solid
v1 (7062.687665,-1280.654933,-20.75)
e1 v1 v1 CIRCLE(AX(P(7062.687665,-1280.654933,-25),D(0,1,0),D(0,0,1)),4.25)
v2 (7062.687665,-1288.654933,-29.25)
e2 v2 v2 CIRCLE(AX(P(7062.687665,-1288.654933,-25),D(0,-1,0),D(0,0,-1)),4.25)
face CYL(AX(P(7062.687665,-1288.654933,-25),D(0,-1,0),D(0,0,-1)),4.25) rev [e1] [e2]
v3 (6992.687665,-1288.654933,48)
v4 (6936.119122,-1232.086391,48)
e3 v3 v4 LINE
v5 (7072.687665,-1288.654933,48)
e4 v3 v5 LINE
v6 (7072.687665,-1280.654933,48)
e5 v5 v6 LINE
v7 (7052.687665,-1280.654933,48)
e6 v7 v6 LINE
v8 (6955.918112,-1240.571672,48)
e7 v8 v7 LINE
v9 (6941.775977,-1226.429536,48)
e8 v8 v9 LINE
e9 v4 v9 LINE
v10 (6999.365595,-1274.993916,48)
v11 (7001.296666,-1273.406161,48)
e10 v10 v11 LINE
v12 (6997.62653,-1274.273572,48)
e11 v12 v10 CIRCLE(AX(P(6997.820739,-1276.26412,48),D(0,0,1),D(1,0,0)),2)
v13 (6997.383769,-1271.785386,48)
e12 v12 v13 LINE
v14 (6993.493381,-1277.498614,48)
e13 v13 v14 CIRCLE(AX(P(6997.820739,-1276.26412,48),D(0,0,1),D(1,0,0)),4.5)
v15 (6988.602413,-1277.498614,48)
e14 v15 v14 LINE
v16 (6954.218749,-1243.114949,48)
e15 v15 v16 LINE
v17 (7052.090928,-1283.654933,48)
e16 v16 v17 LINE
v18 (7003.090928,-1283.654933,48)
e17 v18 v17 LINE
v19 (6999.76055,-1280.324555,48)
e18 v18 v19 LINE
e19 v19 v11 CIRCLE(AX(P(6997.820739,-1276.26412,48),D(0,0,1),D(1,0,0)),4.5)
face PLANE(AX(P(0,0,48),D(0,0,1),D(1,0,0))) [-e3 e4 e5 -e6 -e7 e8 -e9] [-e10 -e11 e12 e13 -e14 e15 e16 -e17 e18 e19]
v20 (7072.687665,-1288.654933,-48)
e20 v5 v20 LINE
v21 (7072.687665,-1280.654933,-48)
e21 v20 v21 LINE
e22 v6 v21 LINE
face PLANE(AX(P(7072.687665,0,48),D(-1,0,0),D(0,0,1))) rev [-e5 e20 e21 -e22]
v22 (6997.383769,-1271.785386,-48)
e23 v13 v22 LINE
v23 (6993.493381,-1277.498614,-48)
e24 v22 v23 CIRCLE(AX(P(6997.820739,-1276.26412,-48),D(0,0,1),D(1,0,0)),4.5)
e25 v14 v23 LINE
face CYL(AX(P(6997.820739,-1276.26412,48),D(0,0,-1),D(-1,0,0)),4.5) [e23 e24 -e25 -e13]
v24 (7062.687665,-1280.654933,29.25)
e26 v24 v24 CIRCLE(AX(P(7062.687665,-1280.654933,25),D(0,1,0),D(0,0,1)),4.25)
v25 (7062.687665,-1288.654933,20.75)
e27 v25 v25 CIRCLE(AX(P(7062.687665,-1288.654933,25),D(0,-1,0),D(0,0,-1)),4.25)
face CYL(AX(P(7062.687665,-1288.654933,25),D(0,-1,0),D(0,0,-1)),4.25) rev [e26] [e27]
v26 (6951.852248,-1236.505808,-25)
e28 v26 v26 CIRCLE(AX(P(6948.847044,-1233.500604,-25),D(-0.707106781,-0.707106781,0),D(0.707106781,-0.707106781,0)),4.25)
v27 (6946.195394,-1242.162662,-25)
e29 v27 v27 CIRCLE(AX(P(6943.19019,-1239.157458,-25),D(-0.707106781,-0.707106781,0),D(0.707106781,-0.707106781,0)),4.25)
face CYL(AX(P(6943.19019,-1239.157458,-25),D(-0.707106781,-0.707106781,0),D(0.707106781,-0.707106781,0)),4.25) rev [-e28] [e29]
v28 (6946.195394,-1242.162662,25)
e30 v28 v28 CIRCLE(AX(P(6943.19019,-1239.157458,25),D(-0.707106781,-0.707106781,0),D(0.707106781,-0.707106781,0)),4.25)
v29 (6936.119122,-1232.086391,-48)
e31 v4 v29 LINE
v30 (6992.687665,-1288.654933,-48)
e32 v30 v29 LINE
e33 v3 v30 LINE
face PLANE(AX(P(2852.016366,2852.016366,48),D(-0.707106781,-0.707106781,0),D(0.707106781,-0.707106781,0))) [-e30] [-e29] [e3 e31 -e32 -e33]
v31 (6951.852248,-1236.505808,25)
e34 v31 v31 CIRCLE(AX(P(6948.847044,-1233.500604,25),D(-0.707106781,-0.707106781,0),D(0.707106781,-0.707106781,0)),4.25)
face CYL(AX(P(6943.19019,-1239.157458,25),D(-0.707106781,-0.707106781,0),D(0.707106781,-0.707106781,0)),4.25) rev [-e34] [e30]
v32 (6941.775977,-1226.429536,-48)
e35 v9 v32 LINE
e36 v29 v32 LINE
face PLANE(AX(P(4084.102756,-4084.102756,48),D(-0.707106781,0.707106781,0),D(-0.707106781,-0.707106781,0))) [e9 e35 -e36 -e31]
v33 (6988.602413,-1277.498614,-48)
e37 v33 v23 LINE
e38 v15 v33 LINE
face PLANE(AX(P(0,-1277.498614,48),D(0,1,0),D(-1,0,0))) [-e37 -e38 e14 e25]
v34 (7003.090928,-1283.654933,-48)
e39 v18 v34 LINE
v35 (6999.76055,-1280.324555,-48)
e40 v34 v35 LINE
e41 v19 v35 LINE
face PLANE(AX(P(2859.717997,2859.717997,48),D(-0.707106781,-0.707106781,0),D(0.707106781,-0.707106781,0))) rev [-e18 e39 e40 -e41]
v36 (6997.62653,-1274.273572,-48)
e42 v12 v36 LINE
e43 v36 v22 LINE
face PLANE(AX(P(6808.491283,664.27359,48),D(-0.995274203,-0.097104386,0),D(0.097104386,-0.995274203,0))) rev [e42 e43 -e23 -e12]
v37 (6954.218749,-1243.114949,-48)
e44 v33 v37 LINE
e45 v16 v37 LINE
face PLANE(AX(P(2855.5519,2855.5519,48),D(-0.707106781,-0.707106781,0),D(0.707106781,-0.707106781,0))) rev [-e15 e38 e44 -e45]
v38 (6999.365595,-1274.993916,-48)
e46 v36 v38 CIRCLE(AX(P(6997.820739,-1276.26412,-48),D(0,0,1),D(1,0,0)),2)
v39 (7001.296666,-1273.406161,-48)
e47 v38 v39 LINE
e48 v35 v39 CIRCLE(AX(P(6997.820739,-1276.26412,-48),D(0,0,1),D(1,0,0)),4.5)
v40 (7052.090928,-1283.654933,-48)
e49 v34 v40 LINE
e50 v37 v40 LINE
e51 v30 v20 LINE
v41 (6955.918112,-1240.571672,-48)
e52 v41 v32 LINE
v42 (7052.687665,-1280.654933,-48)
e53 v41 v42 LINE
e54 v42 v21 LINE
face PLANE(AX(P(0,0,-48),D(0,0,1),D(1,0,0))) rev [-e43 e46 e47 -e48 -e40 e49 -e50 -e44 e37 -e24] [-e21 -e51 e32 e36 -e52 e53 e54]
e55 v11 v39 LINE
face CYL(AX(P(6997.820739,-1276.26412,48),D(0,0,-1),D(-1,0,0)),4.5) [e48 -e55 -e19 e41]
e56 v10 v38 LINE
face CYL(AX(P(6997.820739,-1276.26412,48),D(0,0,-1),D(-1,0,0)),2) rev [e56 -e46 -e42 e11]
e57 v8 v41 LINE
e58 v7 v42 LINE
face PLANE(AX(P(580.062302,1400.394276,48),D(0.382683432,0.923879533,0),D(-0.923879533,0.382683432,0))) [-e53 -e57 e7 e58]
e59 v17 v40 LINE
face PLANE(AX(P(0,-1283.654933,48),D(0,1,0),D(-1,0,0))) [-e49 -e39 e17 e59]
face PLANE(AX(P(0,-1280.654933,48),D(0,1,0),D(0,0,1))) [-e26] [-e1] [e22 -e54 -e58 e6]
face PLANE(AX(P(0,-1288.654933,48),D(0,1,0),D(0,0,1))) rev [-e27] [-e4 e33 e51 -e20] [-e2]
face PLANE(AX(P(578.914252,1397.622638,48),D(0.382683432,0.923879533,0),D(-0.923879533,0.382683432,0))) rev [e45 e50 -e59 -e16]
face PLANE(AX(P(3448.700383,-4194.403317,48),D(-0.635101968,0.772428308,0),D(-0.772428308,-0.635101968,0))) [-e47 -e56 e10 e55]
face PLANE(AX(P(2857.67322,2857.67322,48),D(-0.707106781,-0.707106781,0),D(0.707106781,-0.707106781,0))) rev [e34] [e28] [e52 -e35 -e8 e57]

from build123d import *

# Parameters (mm, degrees)
EXTRUDE_1_DEPTH         = 48
HOLE_WIZARD_8_5_8_5_1_D = 8.5


with BuildPart() as part:
    # 草图1 → 凸台-拉伸1 (new, symmetric)
    with BuildSketch(Plane.XY):
        Polygon((6936.119122288, -1232.086390659), (6992.687664783, -1288.654933154), (7072.687664783, -1288.654933154), (7072.687664783, -1280.654933154), (7052.687664783, -1280.654933154), (6955.918112162, -1240.571672033), (6941.775976538, -1226.429536409), align=None)
        with BuildLine():
            Line((7009.090927681, -1283.654933154), (7003.090927681, -1283.654933154))
            Line((7003.090927681, -1283.654933154), (6999.760549745, -1280.324555218))
            ThreePointArc((6999.760549745, -1280.324555218), (7002.213755914, -1277.239517812), (7001.296666197, -1273.406161221))
            Line((7001.296666197, -1273.406161221), (6999.365595427, -1274.993916141))
            ThreePointArc((6999.365595427, -1274.993916141), (6997.055371947, -1278.111879141), (6997.626530039, -1274.273571671))
            Line((6997.626530039, -1274.273571671), (6997.383769074, -1271.785386165))
            ThreePointArc((6997.383769074, -1271.785386165), (6994.101203016, -1273.731324494), (6993.49338103, -1277.49861375))
            Line((6993.49338103, -1277.49861375), (6988.602413191, -1277.49861375))
            Line((6988.602413191, -1277.49861375), (6954.21874867, -1243.114949228))
            Line((6954.21874867, -1243.114949228), (7052.090927681, -1283.654933154))
            Line((7052.090927681, -1283.654933154), (7029.403393536, -1283.654933154))
            Line((7029.403393536, -1283.654933154), (7009.090927681, -1283.654933154))
        make_face(mode=Mode.SUBTRACT)
    extrude(amount=EXTRUDE_1_DEPTH, both=True)

    # Ø8.5 (8.5) 直径孔1 (through all)
    with Locations(Plane(origin=(2852.016365815, 2852.016365815, 0), x_dir=(0.7071067811865628, -0.7071067811865324, 0), z_dir=(-0.7071067811865324, -0.7071067811865628, 0))):
        with Locations((5785.79350833, -25), (5785.79350833, 25)):
            hole_wizard_8_5_8_5_1 = Hole(HOLE_WIZARD_8_5_8_5_1_D / 2)

    # 镜向1: Ø8.5 (8.5) 直径孔1 across plane
    add(hole_wizard_8_5_8_5_1.mirror(Plane(origin=(6424.240586557, -2661.0075789, 0), x_dir=(0, 0, 1), z_dir=(-0.9238795325112645, 0.3826834323651437, 0))), mode=Mode.SUBTRACT)


solid = part.part
